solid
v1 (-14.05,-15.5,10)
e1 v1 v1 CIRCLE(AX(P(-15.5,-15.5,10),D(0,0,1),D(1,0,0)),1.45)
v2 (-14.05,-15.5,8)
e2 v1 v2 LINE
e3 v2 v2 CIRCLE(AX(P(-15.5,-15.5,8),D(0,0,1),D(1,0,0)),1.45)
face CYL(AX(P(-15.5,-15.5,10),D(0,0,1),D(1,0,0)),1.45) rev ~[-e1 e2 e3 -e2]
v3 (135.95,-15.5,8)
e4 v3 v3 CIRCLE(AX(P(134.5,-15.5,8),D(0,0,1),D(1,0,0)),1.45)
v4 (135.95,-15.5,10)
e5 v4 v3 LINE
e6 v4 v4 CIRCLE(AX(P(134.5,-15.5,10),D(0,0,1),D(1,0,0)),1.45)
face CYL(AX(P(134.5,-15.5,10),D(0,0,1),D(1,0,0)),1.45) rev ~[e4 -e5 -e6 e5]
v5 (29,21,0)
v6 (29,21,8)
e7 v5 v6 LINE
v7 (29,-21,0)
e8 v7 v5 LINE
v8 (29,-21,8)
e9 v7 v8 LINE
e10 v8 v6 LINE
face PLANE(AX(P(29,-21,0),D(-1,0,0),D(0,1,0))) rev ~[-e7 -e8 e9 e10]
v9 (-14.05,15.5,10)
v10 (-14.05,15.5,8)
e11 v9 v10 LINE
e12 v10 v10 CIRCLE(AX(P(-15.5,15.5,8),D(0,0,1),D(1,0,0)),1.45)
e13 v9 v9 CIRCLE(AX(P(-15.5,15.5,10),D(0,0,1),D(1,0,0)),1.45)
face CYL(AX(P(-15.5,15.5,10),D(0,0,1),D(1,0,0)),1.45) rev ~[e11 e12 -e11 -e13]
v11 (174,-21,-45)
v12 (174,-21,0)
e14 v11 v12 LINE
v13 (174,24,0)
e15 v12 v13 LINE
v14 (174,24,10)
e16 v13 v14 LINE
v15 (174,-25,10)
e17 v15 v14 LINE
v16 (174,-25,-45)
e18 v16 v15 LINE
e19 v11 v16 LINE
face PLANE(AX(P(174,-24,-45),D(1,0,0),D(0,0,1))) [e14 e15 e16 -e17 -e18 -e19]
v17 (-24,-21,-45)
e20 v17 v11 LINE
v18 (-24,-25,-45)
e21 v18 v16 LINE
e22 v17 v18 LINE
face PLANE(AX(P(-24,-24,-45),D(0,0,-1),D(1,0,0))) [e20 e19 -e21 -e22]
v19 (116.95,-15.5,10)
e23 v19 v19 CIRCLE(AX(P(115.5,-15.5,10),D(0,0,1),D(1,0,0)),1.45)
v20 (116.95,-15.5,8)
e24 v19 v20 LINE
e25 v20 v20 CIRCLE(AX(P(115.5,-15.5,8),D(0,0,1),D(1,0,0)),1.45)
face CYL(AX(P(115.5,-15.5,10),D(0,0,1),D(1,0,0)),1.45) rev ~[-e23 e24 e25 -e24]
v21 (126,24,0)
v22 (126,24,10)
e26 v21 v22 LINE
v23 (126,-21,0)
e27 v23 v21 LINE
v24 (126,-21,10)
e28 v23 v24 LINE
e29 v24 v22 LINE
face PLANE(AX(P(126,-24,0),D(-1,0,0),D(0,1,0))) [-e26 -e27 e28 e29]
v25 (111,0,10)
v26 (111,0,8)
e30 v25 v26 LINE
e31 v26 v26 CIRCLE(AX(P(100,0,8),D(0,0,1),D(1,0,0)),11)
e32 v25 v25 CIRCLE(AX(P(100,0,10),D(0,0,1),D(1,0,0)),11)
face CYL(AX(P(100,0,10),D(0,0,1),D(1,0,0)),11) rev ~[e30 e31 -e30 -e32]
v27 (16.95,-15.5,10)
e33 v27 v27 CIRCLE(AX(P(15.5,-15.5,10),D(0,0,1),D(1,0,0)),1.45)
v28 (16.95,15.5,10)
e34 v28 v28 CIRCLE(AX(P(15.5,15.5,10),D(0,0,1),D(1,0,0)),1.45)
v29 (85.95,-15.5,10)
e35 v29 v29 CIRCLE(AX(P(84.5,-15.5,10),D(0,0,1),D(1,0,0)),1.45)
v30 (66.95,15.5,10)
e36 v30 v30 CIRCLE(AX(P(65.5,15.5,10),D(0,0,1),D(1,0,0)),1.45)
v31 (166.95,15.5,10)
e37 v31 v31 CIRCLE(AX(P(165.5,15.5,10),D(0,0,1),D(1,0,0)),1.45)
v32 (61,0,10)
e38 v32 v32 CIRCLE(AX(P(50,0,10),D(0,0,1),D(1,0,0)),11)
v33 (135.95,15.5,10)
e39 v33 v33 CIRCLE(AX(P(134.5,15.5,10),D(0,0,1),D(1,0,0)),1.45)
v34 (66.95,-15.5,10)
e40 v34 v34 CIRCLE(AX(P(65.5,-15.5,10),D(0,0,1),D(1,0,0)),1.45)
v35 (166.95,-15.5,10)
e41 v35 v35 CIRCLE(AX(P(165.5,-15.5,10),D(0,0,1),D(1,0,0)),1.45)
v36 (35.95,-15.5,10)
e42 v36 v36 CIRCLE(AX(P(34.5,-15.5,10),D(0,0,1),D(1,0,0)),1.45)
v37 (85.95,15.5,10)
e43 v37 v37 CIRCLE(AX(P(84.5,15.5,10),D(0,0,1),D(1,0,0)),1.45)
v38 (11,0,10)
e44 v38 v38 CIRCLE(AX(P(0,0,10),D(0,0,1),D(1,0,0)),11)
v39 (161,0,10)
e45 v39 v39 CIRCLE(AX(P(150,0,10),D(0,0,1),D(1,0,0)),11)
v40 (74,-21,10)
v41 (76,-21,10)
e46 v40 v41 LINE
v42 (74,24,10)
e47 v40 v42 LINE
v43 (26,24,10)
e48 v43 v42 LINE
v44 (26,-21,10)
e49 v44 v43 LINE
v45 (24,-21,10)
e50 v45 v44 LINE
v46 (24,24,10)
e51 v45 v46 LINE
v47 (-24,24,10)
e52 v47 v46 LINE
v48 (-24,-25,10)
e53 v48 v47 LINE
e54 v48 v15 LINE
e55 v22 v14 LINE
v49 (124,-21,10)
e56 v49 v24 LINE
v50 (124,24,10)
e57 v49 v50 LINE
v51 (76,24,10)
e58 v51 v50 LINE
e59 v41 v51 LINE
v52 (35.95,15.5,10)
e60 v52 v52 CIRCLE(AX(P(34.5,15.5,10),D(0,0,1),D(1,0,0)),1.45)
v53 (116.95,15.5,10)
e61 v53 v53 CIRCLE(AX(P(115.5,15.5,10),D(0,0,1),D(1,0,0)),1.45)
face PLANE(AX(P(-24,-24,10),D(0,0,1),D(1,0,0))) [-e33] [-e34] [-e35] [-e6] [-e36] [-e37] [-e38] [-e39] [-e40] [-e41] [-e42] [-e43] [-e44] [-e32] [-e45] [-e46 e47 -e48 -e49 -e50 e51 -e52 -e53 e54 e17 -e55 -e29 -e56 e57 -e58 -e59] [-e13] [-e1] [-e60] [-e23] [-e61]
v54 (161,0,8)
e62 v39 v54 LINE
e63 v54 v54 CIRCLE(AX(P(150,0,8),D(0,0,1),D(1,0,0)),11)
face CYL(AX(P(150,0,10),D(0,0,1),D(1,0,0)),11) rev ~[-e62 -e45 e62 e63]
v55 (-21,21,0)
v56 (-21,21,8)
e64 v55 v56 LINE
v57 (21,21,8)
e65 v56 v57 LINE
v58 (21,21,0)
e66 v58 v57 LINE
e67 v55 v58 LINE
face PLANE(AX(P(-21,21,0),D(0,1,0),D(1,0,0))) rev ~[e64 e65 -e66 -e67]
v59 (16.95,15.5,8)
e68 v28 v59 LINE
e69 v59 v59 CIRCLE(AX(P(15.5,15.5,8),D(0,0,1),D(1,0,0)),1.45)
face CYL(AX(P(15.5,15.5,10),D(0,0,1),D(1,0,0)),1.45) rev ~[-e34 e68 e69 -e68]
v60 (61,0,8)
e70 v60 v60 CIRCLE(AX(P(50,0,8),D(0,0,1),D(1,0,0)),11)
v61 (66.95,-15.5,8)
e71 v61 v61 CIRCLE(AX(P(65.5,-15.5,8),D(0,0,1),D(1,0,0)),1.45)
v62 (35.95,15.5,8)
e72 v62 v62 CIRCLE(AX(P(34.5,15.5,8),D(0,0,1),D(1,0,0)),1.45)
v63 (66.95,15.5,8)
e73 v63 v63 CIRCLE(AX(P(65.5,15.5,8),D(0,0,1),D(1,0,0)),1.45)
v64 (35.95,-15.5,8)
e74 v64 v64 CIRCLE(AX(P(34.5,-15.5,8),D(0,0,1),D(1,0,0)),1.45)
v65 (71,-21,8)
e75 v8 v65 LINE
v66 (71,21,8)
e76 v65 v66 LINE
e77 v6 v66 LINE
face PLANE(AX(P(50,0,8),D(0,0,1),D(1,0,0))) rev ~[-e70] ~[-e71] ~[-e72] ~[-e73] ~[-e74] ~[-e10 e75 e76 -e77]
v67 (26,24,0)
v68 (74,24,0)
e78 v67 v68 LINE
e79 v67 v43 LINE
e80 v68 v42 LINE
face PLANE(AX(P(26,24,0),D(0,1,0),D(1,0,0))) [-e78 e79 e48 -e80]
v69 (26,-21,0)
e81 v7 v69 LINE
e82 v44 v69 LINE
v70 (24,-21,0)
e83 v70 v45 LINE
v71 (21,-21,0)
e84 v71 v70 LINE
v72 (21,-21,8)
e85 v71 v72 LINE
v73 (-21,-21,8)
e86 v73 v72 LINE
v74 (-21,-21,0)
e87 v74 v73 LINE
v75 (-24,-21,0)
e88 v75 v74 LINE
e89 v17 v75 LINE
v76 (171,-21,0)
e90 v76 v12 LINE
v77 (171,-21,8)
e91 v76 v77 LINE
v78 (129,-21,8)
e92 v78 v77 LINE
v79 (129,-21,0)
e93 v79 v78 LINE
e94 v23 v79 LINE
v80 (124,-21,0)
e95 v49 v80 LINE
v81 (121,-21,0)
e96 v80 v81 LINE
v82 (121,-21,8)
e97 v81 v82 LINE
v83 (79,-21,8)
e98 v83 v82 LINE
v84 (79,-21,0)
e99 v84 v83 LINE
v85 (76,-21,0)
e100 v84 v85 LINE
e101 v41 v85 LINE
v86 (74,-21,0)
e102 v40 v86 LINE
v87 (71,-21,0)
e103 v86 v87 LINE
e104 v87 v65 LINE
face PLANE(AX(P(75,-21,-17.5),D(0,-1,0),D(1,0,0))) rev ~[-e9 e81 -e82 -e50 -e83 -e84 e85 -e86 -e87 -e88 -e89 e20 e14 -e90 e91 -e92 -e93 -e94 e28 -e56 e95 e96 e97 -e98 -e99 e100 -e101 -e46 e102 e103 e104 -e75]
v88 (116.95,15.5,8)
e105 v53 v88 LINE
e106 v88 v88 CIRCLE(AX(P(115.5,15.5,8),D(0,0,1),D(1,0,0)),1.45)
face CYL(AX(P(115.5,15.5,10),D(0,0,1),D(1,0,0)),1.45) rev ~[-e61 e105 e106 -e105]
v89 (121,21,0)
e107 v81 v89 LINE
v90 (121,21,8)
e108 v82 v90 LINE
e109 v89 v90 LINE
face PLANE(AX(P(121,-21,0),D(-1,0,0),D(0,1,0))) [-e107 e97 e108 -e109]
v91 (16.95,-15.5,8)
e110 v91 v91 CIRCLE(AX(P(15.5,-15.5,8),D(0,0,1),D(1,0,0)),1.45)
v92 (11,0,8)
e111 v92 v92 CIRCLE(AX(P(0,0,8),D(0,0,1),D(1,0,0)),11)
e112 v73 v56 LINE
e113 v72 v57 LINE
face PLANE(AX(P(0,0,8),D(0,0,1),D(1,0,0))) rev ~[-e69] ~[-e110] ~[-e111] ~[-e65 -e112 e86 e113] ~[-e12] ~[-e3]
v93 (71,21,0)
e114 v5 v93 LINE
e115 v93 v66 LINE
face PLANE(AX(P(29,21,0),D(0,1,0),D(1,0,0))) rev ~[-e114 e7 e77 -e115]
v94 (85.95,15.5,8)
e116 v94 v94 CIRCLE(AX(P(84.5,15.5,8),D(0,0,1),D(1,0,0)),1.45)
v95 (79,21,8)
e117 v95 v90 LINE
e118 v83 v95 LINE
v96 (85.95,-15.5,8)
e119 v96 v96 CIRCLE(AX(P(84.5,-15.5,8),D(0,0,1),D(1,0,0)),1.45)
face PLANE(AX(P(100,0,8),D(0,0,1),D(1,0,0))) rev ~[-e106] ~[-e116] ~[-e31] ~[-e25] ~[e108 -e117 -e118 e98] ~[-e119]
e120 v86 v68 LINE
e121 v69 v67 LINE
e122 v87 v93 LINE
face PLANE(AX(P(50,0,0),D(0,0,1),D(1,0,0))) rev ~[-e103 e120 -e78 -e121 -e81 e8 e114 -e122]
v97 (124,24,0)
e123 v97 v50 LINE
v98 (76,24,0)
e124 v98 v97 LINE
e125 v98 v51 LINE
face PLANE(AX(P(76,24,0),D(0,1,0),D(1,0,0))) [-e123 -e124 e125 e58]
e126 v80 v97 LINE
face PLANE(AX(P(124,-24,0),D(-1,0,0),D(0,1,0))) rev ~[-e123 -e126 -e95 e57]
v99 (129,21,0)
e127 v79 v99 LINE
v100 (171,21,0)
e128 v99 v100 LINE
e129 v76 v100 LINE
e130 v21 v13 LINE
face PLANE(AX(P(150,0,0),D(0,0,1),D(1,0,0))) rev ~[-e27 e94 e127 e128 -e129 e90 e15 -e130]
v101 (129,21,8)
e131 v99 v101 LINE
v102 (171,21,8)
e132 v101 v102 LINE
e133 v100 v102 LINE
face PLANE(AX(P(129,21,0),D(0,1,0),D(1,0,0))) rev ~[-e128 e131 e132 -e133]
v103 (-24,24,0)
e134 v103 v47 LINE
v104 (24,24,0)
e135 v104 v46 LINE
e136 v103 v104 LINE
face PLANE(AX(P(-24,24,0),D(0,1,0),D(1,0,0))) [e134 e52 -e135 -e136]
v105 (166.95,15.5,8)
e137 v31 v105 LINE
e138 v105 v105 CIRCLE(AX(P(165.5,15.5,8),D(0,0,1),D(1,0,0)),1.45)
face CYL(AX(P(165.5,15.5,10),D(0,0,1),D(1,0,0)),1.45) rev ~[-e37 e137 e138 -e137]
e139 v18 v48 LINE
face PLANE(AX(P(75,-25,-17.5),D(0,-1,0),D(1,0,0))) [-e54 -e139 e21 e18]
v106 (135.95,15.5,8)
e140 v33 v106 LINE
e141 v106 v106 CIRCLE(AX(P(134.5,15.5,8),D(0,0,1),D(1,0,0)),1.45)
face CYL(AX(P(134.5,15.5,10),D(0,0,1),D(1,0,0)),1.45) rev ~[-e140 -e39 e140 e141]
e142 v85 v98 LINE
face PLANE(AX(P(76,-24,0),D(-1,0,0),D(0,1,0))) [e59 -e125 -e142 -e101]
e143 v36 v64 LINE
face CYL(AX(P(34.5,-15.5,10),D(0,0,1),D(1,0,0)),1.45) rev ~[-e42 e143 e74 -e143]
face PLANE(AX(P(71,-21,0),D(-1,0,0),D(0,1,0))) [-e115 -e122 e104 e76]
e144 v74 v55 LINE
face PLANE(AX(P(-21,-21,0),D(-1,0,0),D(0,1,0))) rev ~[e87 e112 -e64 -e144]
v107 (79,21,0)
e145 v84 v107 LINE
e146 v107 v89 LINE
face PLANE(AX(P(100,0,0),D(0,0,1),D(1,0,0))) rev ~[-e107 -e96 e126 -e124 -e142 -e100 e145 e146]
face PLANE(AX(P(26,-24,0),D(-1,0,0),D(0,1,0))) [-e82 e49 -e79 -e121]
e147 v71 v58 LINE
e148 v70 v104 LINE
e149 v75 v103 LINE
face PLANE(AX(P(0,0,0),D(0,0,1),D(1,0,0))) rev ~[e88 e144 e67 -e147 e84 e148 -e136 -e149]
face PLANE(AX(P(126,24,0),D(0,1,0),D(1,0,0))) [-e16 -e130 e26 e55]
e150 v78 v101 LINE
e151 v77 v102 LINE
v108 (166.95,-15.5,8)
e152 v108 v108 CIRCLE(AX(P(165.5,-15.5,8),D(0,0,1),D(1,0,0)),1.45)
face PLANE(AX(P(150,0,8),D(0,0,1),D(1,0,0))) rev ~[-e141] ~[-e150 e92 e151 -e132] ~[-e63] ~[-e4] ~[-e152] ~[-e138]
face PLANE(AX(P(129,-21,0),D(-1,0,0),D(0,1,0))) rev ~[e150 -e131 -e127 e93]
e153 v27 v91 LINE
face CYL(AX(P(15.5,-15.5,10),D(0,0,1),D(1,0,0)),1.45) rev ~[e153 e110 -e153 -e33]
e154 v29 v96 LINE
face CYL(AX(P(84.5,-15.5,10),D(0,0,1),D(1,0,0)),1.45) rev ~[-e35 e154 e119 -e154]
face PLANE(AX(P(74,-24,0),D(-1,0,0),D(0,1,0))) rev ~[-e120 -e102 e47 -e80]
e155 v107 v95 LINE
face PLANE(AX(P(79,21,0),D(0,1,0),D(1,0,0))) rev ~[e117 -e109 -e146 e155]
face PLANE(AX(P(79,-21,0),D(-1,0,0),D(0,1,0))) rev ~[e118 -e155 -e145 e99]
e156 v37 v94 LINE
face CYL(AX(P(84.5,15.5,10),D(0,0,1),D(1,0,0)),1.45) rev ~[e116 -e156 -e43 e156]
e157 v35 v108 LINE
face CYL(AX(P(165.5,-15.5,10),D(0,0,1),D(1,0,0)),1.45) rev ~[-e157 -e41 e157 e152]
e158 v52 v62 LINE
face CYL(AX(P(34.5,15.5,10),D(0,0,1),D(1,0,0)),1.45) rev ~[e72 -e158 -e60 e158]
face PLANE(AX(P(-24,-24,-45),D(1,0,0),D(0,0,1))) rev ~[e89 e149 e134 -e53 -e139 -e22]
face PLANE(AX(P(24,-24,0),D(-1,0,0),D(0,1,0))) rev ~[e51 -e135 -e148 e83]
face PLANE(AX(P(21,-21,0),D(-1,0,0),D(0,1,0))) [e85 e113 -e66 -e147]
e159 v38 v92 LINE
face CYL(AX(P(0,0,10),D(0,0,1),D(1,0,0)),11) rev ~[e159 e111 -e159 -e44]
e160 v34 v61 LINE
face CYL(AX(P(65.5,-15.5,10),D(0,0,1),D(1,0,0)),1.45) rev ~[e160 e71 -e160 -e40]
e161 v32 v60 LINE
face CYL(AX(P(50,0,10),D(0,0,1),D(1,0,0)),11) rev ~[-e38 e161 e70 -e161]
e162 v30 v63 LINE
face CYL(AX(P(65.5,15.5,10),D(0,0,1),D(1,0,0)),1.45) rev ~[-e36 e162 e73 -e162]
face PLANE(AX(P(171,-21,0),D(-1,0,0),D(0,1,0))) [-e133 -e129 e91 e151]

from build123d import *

# Parameters (mm, degrees)
SKETCH_1_W           = 48
SKETCH_1_H           = 48
SKETCH_1_W_2         = 42
SKETCH_1_H_2         = 42
EXTRUDE_1_DEPTH      = 10
EXTRUDE_1_2_DEPTH    = 10
EXTRUDE_1_3_DEPTH    = 10
EXTRUDE_1_4_DEPTH    = 10
SKETCH_2_W           = 42
SKETCH_2_H           = 42
SKETCH_2_R           = 1.45
SKETCH_2_R_2         = 11
EXTRUDE_2_DEPTH      = 2
EXTRUDE_3_DEPTH      = 1
EXTRUDE_3_DEPTH_BACK = 3
SKETCH_3_W           = 198
SKETCH_3_H           = 55


with BuildPart() as part:
    # Эскиз1 → Бобышка-Вытянуть1 (new body)
    with BuildSketch(Plane.XY):
        Rectangle(SKETCH_1_W, SKETCH_1_H)
        Rectangle(SKETCH_1_W_2, SKETCH_1_H_2, mode=Mode.SUBTRACT)
    extrude(amount=EXTRUDE_1_DEPTH)

    # Эскиз2 → Бобышка-Вытянуть2 (add)
    # profile 1 of 4: a face of its own
    with BuildSketch(Plane.XY.offset(10)):
        Rectangle(SKETCH_2_W, SKETCH_2_H)
        with Locations((-15.5, 15.5)):
            Circle(SKETCH_2_R, mode=Mode.SUBTRACT)
        with Locations((15.5, 15.5)):
            Circle(SKETCH_2_R, mode=Mode.SUBTRACT)
        with Locations((15.5, -15.5)):
            Circle(SKETCH_2_R, mode=Mode.SUBTRACT)
        with Locations((-15.5, -15.5)):
            Circle(SKETCH_2_R, mode=Mode.SUBTRACT)
        Circle(SKETCH_2_R_2, mode=Mode.SUBTRACT)
    # profile 2 of 4: a face of its own
    with BuildSketch(Plane.XY.offset(10)):
        with Locations((50, 0)):
            Rectangle(SKETCH_2_W, SKETCH_2_H)
        with Locations((34.5, 15.5)):
            Circle(SKETCH_2_R, mode=Mode.SUBTRACT)
        with Locations((65.5, 15.5)):
            Circle(SKETCH_2_R, mode=Mode.SUBTRACT)
        with Locations((65.5, -15.5)):
            Circle(SKETCH_2_R, mode=Mode.SUBTRACT)
        with Locations((34.5, -15.5)):
            Circle(SKETCH_2_R, mode=Mode.SUBTRACT)
        with Locations((50, 0)):
            Circle(SKETCH_2_R_2, mode=Mode.SUBTRACT)
    # profile 3 of 4: a face of its own
    with BuildSketch(Plane.XY.offset(10)):
        with Locations((100, 0)):
            Rectangle(SKETCH_2_W, SKETCH_2_H)
        with Locations((84.5, 15.5)):
            Circle(SKETCH_2_R, mode=Mode.SUBTRACT)
        with Locations((115.5, 15.5)):
            Circle(SKETCH_2_R, mode=Mode.SUBTRACT)
        with Locations((115.5, -15.5)):
            Circle(SKETCH_2_R, mode=Mode.SUBTRACT)
        with Locations((84.5, -15.5)):
            Circle(SKETCH_2_R, mode=Mode.SUBTRACT)
        with Locations((100, 0)):
            Circle(SKETCH_2_R_2, mode=Mode.SUBTRACT)
    # profile 4 of 4: a face of its own
    with BuildSketch(Plane.XY.offset(10)):
        with Locations((150, 0)):
            Rectangle(SKETCH_2_W, SKETCH_2_H)
        with Locations((134.5, 15.5)):
            Circle(SKETCH_2_R, mode=Mode.SUBTRACT)
        with Locations((165.5, 15.5)):
            Circle(SKETCH_2_R, mode=Mode.SUBTRACT)
        with Locations((165.5, -15.5)):
            Circle(SKETCH_2_R, mode=Mode.SUBTRACT)
        with Locations((134.5, -15.5)):
            Circle(SKETCH_2_R, mode=Mode.SUBTRACT)
        with Locations((150, 0)):
            Circle(SKETCH_2_R_2, mode=Mode.SUBTRACT)
    extrude(amount=-EXTRUDE_2_DEPTH)


with BuildPart() as body_2:
    # Эскиз1 → Extrude 1 2 (new body)
    with BuildSketch(Plane.XY):
        with Locations((50, 0)):
            Rectangle(SKETCH_1_W, SKETCH_1_H)
        with Locations((50, 0)):
            Rectangle(SKETCH_1_W_2, SKETCH_1_H_2, mode=Mode.SUBTRACT)
    extrude(amount=EXTRUDE_1_2_DEPTH)


with BuildPart() as body_3:
    # Эскиз1 → Extrude 1 3 (new body)
    with BuildSketch(Plane.XY):
        with Locations((100, 0)):
            Rectangle(SKETCH_1_W, SKETCH_1_H)
        with Locations((100, 0)):
            Rectangle(SKETCH_1_W_2, SKETCH_1_H_2, mode=Mode.SUBTRACT)
    extrude(amount=EXTRUDE_1_3_DEPTH)


with BuildPart() as body_4:
    # Эскиз1 → Extrude 1 4 (new body)
    with BuildSketch(Plane.XY):
        with Locations((150, 0)):
            Rectangle(SKETCH_1_W, SKETCH_1_H)
        with Locations((150, 0)):
            Rectangle(SKETCH_1_W_2, SKETCH_1_H_2, mode=Mode.SUBTRACT)
    extrude(amount=EXTRUDE_1_4_DEPTH)


with BuildPart() as extrude_2_piece_1:
    # of the separate pieces the step leaves, piece 1, a body of its own (extrude_2_pieces)
    add(part.part.solids().sort_by_distance((-24, -24, 0))[0])

    # Эскиз3 → Бобышка-Вытянуть3 (add, two sides: drawn at the far end of the back side and taken through both)
    with BuildSketch(Plane.XZ.offset(24).offset(-EXTRUDE_3_DEPTH_BACK)):
        with Locations((75, -17.5)):
            Rectangle(SKETCH_3_W, SKETCH_3_H)
    extrude(amount=EXTRUDE_3_DEPTH + EXTRUDE_3_DEPTH_BACK)


with BuildPart() as extrude_2_piece_2:
    # of the separate pieces the step leaves, piece 2, a body of its own (extrude_2_pieces)
    add(part.part.solids().sort_by_distance((79, 21, 10))[0])


with BuildPart() as extrude_2_piece_3:
    # of the separate pieces the step leaves, piece 3, a body of its own (extrude_2_pieces)
    add(part.part.solids().sort_by_distance((29, 21, 10))[0])


with BuildPart() as extrude_2_piece_4:
    # of the separate pieces the step leaves, piece 4, a body of its own (extrude_2_pieces)
    add(part.part.solids().sort_by_distance((129, 21, 10))[0])


with BuildPart() as body_4_1:
    add(body_4.part)

    # Combine 1: union Бобышка-Вытянуть2 piece 3, Бобышка-Вытянуть2 piece 2, Бобышка-Вытянуть2 piece 4, Бобышка-Вытянуть2 piece 1, body 3, body 2
    add(extrude_2_piece_3.part)
    add(extrude_2_piece_2.part)
    add(extrude_2_piece_4.part)
    add(extrude_2_piece_1.part)
    add(body_3.part)
    add(body_2.part)


solid = body_4_1.part
